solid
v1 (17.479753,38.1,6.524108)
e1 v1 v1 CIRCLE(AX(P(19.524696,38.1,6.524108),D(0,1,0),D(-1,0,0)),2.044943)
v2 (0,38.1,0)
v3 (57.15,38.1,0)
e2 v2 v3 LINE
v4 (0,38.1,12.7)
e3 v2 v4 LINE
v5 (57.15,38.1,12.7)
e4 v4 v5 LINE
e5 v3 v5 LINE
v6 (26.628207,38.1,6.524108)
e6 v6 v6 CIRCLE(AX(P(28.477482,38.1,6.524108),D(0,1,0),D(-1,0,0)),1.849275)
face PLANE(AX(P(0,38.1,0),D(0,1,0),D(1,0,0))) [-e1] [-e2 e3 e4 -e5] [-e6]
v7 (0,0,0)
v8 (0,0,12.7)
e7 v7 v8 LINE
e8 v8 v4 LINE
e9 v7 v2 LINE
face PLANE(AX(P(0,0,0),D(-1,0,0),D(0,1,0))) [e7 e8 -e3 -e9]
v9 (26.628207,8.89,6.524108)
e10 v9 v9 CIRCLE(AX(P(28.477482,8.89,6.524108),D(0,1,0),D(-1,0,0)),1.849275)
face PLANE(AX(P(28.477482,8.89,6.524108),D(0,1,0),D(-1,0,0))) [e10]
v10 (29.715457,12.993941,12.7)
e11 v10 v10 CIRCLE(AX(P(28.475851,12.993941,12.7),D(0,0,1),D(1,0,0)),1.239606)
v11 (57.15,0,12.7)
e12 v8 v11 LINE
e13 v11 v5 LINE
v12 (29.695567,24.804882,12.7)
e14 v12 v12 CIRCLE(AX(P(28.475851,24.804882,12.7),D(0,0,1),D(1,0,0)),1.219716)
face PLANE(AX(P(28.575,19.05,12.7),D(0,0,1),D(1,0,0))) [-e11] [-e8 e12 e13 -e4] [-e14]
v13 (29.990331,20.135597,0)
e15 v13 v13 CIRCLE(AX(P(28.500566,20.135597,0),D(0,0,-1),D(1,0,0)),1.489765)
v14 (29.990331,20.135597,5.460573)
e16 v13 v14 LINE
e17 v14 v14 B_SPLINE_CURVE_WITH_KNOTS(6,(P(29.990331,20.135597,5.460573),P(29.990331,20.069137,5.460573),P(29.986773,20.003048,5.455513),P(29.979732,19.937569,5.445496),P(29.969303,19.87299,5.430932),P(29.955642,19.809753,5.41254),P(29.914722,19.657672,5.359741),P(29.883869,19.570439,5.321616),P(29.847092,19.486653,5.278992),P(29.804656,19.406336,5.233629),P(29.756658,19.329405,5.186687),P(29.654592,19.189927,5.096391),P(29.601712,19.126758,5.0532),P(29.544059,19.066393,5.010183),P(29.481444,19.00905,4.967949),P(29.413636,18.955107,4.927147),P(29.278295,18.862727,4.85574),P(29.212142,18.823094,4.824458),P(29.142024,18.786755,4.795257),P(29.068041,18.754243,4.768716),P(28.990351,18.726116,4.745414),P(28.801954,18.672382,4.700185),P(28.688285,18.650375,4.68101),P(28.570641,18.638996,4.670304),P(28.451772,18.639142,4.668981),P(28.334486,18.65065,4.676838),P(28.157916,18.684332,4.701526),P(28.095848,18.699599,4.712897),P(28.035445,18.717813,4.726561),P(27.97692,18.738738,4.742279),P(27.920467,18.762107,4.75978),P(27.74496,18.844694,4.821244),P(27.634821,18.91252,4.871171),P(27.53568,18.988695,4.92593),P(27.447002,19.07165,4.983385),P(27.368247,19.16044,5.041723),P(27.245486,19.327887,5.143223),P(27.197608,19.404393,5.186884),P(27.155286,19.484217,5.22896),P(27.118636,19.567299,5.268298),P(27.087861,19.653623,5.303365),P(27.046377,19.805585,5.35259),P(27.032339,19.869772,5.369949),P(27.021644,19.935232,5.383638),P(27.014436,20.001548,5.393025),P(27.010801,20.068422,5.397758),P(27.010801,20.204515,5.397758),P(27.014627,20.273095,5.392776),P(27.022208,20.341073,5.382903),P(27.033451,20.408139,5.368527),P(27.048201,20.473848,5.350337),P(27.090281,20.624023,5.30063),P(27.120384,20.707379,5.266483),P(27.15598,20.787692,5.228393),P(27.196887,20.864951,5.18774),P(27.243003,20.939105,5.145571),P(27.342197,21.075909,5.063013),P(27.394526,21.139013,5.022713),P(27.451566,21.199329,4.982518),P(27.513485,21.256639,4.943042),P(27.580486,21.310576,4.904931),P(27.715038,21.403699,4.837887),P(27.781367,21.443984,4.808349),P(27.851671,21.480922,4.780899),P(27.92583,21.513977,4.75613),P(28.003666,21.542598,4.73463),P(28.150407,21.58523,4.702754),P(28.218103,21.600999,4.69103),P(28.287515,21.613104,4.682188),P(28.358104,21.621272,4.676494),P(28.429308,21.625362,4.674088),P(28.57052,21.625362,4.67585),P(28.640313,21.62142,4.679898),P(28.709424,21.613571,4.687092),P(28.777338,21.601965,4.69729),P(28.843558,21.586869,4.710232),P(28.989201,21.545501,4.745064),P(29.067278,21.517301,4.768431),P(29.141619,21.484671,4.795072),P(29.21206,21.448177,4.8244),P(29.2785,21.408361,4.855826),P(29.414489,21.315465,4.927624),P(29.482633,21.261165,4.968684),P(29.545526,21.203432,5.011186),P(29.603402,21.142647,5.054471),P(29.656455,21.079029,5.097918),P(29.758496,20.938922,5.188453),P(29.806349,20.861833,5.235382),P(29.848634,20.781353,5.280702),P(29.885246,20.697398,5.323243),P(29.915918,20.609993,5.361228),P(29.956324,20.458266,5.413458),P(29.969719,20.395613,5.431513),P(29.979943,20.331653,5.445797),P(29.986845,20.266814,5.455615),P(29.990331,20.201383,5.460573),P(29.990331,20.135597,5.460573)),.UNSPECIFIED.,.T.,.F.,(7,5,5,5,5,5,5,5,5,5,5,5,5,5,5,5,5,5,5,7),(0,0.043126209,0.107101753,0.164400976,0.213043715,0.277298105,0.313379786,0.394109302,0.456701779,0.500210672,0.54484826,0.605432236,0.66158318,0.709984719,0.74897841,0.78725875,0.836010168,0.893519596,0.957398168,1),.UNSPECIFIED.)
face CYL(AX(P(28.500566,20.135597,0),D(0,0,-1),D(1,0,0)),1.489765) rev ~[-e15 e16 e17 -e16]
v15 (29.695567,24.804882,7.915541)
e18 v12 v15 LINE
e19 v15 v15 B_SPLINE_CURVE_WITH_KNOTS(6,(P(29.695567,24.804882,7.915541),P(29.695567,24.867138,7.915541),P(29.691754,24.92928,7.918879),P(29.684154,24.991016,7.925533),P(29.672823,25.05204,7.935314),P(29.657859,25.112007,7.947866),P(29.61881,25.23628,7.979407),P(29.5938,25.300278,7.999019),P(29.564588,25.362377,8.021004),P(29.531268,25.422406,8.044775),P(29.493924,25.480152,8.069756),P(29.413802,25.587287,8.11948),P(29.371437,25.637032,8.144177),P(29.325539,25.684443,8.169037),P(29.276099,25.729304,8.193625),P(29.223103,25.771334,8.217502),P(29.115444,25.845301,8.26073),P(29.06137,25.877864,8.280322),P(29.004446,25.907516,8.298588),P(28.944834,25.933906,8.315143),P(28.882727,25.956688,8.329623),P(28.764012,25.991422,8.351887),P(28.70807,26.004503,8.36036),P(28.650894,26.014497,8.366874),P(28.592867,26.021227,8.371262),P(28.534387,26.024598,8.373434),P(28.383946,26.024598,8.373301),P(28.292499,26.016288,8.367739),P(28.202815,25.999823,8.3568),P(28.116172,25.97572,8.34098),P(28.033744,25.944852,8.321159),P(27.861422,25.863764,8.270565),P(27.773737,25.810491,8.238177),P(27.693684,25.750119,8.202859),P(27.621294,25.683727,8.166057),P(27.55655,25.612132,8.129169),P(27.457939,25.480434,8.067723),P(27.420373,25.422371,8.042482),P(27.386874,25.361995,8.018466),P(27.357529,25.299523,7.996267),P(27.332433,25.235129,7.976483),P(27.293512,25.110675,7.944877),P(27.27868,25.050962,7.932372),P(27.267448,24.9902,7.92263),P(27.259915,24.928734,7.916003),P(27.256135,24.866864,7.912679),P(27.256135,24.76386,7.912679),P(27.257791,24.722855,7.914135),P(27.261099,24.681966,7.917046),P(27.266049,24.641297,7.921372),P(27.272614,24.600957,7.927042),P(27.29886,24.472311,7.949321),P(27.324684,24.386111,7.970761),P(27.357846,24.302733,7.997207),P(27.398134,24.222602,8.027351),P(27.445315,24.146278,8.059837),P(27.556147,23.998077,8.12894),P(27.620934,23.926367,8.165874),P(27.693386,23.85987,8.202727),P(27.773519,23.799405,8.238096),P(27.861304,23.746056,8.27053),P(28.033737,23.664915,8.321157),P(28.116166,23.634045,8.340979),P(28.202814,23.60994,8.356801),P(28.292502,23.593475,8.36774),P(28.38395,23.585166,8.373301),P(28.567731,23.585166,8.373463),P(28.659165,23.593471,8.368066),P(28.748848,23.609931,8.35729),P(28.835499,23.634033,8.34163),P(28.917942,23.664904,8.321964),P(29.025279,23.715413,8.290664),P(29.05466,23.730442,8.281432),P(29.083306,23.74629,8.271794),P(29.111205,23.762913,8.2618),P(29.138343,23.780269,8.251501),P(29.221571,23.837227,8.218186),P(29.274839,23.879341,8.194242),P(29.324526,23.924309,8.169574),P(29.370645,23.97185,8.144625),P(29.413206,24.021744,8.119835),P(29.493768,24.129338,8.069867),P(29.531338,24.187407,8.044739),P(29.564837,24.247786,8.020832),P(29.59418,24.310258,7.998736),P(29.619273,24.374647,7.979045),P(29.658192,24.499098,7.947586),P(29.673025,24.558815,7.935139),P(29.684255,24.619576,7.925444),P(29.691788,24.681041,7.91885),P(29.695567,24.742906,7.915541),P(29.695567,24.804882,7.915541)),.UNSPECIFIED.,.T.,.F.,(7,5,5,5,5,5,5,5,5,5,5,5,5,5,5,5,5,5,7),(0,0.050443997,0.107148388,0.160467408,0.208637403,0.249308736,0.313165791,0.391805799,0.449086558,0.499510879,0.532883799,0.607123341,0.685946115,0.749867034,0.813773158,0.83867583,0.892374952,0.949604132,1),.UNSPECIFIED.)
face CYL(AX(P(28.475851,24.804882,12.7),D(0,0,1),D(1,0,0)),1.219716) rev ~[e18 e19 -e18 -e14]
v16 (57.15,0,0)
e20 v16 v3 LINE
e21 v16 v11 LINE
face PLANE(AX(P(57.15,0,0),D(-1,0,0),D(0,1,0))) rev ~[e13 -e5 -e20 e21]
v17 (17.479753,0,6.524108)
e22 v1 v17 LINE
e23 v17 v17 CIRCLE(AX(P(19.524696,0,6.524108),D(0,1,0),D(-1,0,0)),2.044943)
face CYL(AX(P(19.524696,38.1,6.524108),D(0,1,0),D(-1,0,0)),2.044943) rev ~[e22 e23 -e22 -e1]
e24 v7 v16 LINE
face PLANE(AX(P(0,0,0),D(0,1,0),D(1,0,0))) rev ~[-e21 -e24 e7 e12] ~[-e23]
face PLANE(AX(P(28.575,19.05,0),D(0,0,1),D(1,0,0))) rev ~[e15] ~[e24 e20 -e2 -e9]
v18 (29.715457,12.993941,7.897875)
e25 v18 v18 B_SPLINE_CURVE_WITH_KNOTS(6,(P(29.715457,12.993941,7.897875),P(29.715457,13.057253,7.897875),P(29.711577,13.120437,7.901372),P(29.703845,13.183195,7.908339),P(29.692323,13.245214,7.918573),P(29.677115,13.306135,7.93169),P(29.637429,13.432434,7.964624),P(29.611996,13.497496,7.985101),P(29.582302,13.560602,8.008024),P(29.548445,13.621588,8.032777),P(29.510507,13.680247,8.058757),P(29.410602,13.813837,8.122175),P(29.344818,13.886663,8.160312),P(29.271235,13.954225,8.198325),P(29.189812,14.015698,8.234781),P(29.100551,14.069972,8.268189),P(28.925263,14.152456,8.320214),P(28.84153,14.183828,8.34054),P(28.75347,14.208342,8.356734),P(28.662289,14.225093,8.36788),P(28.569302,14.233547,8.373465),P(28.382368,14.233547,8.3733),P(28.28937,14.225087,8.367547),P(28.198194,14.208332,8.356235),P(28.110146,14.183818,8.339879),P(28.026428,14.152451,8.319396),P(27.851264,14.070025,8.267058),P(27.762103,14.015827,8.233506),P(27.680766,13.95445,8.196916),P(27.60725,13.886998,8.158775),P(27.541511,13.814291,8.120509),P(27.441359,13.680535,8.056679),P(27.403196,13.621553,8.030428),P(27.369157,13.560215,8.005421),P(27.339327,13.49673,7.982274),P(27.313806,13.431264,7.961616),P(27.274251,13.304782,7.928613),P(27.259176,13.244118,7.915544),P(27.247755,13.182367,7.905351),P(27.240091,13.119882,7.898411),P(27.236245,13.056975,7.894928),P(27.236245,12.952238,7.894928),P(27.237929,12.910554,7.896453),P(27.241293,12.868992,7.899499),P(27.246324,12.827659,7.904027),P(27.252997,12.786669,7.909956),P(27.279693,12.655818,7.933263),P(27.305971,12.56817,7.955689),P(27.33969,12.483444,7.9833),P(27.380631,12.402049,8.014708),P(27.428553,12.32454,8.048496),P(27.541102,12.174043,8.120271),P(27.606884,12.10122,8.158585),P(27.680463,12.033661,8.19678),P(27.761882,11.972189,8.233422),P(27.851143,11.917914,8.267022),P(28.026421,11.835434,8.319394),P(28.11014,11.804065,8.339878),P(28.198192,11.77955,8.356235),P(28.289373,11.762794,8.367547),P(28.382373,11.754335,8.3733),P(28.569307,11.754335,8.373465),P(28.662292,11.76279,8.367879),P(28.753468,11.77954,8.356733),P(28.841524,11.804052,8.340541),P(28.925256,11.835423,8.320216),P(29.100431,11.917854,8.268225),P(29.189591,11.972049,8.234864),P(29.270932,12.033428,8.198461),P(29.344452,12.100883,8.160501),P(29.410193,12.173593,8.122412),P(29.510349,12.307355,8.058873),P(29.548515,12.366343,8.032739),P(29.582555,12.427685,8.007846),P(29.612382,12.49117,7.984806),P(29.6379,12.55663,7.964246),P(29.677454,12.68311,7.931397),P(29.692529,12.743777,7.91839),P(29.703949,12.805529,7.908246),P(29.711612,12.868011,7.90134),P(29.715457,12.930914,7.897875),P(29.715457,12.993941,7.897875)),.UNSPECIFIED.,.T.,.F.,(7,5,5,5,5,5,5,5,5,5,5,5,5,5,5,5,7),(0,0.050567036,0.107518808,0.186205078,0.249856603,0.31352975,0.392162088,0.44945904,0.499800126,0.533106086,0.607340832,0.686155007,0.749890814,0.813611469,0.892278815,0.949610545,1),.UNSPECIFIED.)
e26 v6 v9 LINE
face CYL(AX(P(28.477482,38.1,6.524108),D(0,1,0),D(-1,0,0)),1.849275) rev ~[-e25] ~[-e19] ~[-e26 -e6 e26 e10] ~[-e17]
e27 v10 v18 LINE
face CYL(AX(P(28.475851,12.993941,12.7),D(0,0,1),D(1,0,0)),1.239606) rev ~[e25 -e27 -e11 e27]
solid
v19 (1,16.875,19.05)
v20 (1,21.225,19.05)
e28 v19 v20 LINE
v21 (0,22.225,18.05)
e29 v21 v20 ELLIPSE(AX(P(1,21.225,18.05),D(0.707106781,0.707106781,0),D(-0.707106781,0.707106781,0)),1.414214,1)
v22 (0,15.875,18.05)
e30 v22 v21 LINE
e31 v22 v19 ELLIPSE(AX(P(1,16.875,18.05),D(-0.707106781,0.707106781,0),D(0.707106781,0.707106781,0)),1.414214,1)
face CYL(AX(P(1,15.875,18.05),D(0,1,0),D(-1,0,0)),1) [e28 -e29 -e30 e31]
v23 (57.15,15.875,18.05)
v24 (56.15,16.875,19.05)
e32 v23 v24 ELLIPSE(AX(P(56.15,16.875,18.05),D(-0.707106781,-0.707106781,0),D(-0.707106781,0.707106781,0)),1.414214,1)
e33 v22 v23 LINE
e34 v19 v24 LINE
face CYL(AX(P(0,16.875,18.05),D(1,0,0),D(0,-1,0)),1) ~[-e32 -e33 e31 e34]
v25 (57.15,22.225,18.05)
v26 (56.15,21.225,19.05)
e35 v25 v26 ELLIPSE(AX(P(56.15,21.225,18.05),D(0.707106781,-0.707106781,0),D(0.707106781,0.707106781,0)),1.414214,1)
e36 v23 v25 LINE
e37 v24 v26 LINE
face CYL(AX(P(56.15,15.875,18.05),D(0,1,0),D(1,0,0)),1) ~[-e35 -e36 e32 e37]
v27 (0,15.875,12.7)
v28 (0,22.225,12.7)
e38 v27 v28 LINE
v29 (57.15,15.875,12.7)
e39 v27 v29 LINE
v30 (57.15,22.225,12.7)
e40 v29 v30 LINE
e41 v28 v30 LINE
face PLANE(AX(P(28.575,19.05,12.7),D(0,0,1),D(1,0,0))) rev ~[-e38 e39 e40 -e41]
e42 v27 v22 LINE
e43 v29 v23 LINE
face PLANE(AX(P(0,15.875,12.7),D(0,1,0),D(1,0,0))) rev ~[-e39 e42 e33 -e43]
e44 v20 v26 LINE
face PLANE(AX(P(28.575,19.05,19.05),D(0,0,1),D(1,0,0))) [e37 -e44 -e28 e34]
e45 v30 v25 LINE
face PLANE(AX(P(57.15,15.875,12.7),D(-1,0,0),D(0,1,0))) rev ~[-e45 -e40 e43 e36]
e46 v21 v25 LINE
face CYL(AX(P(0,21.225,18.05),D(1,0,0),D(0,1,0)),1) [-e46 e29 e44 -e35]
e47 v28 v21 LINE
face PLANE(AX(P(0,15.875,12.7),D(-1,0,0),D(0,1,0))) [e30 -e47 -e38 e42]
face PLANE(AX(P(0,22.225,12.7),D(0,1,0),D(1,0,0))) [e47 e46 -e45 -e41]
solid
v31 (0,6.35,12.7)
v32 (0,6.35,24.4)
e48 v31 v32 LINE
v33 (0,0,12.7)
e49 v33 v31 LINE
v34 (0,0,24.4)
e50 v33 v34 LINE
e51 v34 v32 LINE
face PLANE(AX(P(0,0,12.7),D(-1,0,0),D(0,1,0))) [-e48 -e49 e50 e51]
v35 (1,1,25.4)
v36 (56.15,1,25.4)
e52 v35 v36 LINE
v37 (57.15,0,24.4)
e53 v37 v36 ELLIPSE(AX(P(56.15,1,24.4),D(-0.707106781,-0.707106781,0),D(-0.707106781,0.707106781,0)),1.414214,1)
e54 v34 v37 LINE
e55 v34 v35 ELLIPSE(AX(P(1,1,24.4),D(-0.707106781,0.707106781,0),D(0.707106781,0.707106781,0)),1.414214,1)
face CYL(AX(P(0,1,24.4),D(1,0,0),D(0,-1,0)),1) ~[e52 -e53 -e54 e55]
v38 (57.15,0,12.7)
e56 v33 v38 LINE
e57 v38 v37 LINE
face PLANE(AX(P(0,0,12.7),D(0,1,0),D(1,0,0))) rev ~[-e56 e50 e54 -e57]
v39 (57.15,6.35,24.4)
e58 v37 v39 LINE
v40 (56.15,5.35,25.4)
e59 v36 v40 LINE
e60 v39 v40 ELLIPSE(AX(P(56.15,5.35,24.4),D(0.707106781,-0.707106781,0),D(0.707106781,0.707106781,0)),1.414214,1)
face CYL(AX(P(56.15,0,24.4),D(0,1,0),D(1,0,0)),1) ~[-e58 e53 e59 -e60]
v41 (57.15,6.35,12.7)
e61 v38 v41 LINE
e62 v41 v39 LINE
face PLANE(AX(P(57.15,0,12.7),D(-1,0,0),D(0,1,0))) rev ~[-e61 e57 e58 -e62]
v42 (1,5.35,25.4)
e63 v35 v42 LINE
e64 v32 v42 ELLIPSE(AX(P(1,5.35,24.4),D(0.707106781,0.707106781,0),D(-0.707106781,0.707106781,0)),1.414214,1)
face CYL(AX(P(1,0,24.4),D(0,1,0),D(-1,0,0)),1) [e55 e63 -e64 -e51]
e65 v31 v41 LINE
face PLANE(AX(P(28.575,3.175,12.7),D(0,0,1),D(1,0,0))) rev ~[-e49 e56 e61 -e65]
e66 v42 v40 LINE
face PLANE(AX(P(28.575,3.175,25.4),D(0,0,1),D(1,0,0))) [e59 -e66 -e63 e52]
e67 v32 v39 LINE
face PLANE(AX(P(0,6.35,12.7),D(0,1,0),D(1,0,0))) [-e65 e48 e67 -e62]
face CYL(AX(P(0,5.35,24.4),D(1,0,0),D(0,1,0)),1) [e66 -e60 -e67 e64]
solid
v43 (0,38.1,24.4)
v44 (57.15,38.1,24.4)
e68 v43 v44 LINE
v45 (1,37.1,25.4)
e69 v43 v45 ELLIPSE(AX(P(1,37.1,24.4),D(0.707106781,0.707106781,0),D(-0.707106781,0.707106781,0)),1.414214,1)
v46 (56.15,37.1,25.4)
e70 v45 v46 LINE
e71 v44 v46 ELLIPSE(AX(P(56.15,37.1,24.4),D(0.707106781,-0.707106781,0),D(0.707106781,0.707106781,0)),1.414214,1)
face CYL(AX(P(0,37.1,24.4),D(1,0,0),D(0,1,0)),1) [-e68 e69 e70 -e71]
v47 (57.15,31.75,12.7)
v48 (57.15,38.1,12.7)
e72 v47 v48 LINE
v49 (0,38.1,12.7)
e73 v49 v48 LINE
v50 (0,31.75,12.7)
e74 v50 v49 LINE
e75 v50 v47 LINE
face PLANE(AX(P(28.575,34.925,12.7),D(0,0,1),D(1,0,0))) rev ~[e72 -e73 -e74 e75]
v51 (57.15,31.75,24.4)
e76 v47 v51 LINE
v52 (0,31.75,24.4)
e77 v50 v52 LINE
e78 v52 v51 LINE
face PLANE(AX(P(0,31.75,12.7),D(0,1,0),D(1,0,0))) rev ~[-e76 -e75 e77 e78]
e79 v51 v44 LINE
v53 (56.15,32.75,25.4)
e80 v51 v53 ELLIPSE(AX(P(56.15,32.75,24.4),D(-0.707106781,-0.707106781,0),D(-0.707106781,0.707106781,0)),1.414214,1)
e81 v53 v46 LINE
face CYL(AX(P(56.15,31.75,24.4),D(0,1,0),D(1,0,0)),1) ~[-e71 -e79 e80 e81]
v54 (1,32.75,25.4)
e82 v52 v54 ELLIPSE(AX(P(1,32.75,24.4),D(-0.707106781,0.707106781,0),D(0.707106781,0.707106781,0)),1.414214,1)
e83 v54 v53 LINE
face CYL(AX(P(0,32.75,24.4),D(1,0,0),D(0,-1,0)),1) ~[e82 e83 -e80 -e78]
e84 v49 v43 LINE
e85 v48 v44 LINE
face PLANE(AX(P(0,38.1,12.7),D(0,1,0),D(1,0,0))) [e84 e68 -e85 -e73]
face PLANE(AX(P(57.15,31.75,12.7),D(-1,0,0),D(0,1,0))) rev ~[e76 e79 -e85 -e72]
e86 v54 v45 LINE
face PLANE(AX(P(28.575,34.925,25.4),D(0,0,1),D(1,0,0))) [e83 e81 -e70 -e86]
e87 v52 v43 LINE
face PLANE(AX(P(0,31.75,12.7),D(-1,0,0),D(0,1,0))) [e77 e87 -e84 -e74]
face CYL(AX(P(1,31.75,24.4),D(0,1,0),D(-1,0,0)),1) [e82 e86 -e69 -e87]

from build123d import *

# Parameters (mm, degrees)
BOX_W           = 57.15
BOX_H           = 38.1
BOX_DEPTH       = 12.7
SKETCH_R        = 1.239606
SKETCH_R_2      = 1.219716
POCKET_DEPTH    = 6.35
SKETCH001_R     = 1.849275
POCKET001_DEPTH = 29.21
SKETCH002_R     = 2.044943
POCKET002_DEPTH = 38.1
SKETCH003_R     = 1.489765
POCKET003_DEPTH = 6.35
BOX001_W        = 57.15
BOX001_H        = 6.35
BOX001_DEPTH    = 12.7
FILLET_R        = 1
BOX002_W        = 57.15
BOX002_H        = 6.35
BOX002_DEPTH    = 12.7
FILLET001_R     = 1
BOX003_W        = 57.15
BOX003_H        = 6.35
BOX003_DEPTH    = 6.35
FILLET002_R     = 1


with BuildPart() as pocket003:
    # Box → Box (new body)
    with BuildSketch(Plane.XY):
        with Locations((28.575, 19.05)):
            Rectangle(BOX_W, BOX_H)
    extrude(amount=BOX_DEPTH)

    # Sketch → Pocket (cut)
    with BuildSketch(Plane.XY.offset(12.7)):
        with Locations((28.475851, 12.993941)):
            Circle(SKETCH_R)
        with Locations((28.475851, 24.804882)):
            Circle(SKETCH_R_2)
    extrude(amount=-POCKET_DEPTH, mode=Mode.SUBTRACT)

    # Sketch001 → Pocket001 (cut)
    with BuildSketch(Plane(origin=(0, 38.1, 0), x_dir=(-1, 0, 0), z_dir=(0, 1, 0))):
        with Locations((-28.477482, 6.524108)):
            Circle(SKETCH001_R)
    extrude(amount=-POCKET001_DEPTH, mode=Mode.SUBTRACT)

    # Sketch002 → Pocket002 (cut)
    with BuildSketch(Plane(origin=(0, 38.1, 0), x_dir=(-1, 0, 0), z_dir=(0, 1, 0))):
        with Locations((-19.524696, 6.524108)):
            Circle(SKETCH002_R)
    extrude(amount=-POCKET002_DEPTH, mode=Mode.SUBTRACT)

    # Sketch003 → Pocket003 (cut)
    with BuildSketch(Plane(origin=(0, 0, 0), x_dir=(1, 0, 0), z_dir=(0, 0, -1))):
        with Locations((28.500566, -20.135597)):
            Circle(SKETCH003_R)
    extrude(amount=-POCKET003_DEPTH, mode=Mode.SUBTRACT)


with BuildPart() as fillet_body:
    # Box001 → Box001 (new body)
    with BuildSketch(Plane.XY.offset(12.7)):
        with Locations((28.575, 3.175)):
            Rectangle(BOX001_W, BOX001_H)
    extrude(amount=BOX001_DEPTH)

    # Fillet
    fillet_edges = [fillet_body.edges().sort_by_distance(p)[0] for p in [
        (0, 3.175, 25.4),
        (57.15, 3.175, 25.4),
        (28.575, 0, 25.4),
        (28.575, 6.35, 25.4),
    ]]
    fillet(fillet_edges, radius=FILLET_R)


with BuildPart() as fillet001:
    # Box002 → Box002 (new body)
    with BuildSketch(Plane(origin=(0, 31.75, 12.7), x_dir=(1, 0, 0), z_dir=(0, 0, 1))):
        with Locations((28.575, 3.175)):
            Rectangle(BOX002_W, BOX002_H)
    extrude(amount=BOX002_DEPTH)

    # Fillet001
    fillet001_edges = [fillet001.edges().sort_by_distance(p)[0] for p in [
        (0, 34.925, 25.4),
        (57.15, 34.925, 25.4),
        (28.575, 31.75, 25.4),
        (28.575, 38.1, 25.4),
    ]]
    fillet(fillet001_edges, radius=FILLET001_R)


with BuildPart() as fillet002:
    # Box003 → Box003 (new body)
    with BuildSketch(Plane(origin=(0, 15.875, 12.7), x_dir=(1, 0, 0), z_dir=(0, 0, 1))):
        with Locations((28.575, 3.175)):
            Rectangle(BOX003_W, BOX003_H)
    extrude(amount=BOX003_DEPTH)

    # Fillet002
    fillet002_edges = [fillet002.edges().sort_by_distance(p)[0] for p in [
        (0, 19.05, 19.05),
        (57.15, 19.05, 19.05),
        (28.575, 15.875, 19.05),
        (28.575, 22.225, 19.05),
    ]]
    fillet(fillet002_edges, radius=FILLET002_R)


solid = Compound([pocket003.part, fillet_body.part, fillet001.part, fillet002.part])
